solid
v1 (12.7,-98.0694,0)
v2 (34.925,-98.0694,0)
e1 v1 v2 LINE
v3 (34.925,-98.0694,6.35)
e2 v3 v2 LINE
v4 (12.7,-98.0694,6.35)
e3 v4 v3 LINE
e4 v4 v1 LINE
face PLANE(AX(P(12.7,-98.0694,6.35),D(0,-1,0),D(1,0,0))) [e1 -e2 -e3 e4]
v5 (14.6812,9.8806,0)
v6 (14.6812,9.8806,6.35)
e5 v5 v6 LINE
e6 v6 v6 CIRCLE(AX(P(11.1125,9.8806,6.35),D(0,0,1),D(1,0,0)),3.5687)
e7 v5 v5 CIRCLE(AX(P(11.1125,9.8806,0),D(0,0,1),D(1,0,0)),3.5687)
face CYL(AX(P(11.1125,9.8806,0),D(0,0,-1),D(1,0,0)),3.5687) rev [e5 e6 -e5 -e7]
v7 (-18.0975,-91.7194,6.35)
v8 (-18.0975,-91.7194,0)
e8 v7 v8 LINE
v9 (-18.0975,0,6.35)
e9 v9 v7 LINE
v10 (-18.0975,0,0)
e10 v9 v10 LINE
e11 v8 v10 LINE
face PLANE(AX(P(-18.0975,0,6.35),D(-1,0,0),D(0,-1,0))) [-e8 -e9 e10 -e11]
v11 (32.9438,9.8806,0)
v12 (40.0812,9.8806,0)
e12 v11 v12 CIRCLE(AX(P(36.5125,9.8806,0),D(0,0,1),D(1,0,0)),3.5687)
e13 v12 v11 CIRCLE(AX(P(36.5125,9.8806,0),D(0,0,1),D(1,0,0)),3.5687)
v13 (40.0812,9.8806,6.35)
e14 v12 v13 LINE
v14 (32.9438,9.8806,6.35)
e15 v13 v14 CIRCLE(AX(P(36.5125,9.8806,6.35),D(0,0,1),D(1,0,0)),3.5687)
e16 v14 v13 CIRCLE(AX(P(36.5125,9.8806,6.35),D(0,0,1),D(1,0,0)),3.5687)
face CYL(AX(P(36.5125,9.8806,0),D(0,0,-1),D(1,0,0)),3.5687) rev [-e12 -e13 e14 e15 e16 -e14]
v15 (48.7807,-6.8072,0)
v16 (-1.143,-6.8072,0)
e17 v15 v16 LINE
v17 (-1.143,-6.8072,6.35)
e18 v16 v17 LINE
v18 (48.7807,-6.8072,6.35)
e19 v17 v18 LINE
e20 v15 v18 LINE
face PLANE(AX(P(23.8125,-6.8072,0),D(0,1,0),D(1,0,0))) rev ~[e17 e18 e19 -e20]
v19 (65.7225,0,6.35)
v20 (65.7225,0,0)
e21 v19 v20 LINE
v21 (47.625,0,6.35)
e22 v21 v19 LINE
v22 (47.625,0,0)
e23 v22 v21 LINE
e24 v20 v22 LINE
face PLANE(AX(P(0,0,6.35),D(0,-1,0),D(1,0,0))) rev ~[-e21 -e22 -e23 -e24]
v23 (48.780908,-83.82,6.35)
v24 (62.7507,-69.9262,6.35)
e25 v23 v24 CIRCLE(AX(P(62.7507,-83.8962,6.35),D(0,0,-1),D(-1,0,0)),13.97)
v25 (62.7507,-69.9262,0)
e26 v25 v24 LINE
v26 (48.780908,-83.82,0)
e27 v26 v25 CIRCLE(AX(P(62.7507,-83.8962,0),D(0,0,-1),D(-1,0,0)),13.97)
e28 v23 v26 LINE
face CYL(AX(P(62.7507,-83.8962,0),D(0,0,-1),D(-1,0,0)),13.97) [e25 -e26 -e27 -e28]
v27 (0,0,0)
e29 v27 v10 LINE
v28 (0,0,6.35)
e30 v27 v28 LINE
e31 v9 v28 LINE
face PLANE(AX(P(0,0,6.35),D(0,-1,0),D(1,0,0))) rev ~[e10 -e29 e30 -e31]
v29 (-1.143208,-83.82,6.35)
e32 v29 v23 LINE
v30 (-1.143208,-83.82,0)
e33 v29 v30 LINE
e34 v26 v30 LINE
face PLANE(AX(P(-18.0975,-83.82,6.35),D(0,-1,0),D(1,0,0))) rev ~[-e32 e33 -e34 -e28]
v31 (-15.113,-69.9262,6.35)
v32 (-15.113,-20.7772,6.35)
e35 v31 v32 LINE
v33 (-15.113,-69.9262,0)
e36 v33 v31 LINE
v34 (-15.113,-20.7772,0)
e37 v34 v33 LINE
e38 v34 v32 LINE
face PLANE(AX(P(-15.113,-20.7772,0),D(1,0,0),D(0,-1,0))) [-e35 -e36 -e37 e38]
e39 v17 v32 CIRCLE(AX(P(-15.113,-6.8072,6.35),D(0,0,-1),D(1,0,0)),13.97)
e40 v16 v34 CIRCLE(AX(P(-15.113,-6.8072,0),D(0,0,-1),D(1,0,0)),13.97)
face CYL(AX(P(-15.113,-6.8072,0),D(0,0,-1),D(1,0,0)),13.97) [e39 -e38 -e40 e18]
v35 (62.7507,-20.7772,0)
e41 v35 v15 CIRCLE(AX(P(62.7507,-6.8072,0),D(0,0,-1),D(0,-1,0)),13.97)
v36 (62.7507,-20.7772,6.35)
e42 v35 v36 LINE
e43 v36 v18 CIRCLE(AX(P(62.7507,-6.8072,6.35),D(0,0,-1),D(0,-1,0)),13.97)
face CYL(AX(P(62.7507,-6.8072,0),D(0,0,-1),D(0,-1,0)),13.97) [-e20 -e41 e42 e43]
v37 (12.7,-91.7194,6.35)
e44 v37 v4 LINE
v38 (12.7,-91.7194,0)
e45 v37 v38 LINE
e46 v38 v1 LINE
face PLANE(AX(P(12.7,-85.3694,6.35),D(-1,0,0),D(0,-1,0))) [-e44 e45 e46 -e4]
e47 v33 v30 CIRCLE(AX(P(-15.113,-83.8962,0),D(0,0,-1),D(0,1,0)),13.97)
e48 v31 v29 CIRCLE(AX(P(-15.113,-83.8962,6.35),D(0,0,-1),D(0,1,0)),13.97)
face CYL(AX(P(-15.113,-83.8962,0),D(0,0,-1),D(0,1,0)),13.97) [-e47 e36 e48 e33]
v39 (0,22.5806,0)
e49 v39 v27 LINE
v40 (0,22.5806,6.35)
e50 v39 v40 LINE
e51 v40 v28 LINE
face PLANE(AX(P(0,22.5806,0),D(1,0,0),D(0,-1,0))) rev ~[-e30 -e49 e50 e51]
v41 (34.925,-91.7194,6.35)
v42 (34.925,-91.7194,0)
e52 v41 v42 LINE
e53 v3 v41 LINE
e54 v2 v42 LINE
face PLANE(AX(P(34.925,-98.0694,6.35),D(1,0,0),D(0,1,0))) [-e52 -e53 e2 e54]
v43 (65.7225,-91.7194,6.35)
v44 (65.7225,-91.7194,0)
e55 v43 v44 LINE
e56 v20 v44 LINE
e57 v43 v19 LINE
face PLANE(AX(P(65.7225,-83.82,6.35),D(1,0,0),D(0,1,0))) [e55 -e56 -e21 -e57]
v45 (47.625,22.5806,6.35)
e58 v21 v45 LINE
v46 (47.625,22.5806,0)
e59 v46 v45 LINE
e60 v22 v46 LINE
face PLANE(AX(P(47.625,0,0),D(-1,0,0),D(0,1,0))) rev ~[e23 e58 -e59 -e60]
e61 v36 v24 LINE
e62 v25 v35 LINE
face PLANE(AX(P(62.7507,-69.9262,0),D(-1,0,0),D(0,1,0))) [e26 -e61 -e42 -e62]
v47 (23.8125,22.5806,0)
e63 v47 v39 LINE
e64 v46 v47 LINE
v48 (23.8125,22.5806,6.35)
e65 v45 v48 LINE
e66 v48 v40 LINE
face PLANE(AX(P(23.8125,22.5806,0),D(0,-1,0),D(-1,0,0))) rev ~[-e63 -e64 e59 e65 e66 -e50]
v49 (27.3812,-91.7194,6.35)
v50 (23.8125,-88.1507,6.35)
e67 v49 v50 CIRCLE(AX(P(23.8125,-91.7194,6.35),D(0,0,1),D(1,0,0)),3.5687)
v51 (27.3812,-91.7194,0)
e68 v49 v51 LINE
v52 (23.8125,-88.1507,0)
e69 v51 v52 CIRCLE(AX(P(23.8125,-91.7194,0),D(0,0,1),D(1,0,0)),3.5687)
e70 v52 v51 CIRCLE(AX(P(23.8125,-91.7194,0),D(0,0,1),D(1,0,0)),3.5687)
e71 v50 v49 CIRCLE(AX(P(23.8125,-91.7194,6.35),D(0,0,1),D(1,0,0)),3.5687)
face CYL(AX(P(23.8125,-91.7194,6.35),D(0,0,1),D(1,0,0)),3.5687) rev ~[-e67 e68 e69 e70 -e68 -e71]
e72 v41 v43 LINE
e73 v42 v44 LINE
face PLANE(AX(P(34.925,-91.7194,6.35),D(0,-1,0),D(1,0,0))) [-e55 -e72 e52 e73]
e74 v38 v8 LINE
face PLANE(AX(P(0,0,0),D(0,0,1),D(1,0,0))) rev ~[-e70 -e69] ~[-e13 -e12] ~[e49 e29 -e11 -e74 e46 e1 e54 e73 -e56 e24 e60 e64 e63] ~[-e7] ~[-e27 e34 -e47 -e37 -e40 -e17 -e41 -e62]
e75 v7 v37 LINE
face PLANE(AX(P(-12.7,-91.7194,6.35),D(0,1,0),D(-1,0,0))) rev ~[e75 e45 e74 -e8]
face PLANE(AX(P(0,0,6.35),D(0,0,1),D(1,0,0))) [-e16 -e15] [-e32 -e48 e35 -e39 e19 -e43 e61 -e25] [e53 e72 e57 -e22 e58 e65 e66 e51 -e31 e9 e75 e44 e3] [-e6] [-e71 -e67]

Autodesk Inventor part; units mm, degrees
ref_plane "YZ Plane" through (0, 0, 0) normal (1, 0, 0) x (0, 1, 0)
ref_plane "XZ Plane" through (0, 0, 0) normal (0, 1, 0) x (-1, 0, 0)
ref_plane "XY Plane" through (0, 0, 0) normal (0, 0, 1) x (1, 0, 0)
sketch "Sketch1" plane through (0, 0, 0) normal (0, 0, 1) x (1, 0, 0)
  line L0 (0, 0) -> (47.625, 0)
  line L1 (47.625, 0) -> (47.625, 22.5806)
  line L2 (47.625, 22.5806) -> (0, 22.5806)
  line L3 (0, 22.5806) -> (0, 0)
  line L4 (23.8125, 22.5806) -> (23.8125, 9.8806)
  line L5 (23.8125, 9.8806) -> (36.5125, 9.8806)
  line L6 (23.8125, 9.8806) -> (11.1125, 9.8806)
  circle A0 centre (11.1125, 9.8806) radius 3.5687
  circle A1 centre (36.5125, 9.8806) radius 3.5687
  dimension "d1" = 47.625
  dimension "d3" = 12.7
  dimension "d4" = 12.7
  dimension "d5" = 12.7
  dimension "d6" = 7.1374
  dimension "d7" = 7.1374
  dimension "d10" = 22.5806
extrude "Extrusion1" add sketch "Sketch1" along normal blind 6.35
sketch "Sketch3" plane through (0, 0, 6.35) normal (0, 0, 1) x (1, 0, 0)
  line L0 (0, 0) -> (47.625, 0) projected
  line L1 (23.8125, 0) -> (65.7225, 0)
  line L2 (23.8125, 0) -> (23.8125, -41.91)
  circle A0 centre (23.8125, -41.91) radius 33.02
  line L3 (65.7225, 0) -> (-18.0975, 0)
  line L4 (-18.0975, 0) -> (-18.0975, -83.82)
  line L5 (-18.0975, -83.82) -> (65.7225, -83.82)
  line L6 (65.7225, -83.82) -> (65.7225, 0)
  circle A1 centre (11.1125, 9.8806) radius 3.5687 projected
  line L7 (23.8125, 9.8806) -> (23.8125, -91.7194)
  line L8 (23.8125, 9.8806) -> (125.4125, 9.8806) construction
  line L9 (11.1125, 9.8806) -> (23.8125, 9.8806)
  circle A2 centre (23.8125, -91.7194) radius 3.5687
  line L10 (12.7, -98.0694) -> (34.925, -98.0694)
  line L11 (34.925, -98.0694) -> (34.925, -85.3694)
  line L12 (34.925, -85.3694) -> (12.7, -85.3694)
  line L13 (12.7, -85.3694) -> (12.7, -98.0694)
  line L14 (12.7, -98.0694) -> (34.925, -85.3694) construction
  line L15 (34.925, -98.0694) -> (12.7, -85.3694) construction
  point P0 (12.7, -83.82)
  point P1 (34.925, -83.82)
  dimension "d11" = 41.91
  dimension "d12" = 41.91
  dimension "d13" = 66.04
  dimension "d14" = 83.82
  dimension "d15" = 83.82
  dimension "d19" = 90
  dimension "d20" = 7.1374
  dimension "d22" = 22.225
  dimension "d23" = 12.7
  dimension "d39" = 101.6
extrude "Extrusion2" add sketch "Sketch3" against normal blind 6.35 contours L12 L11 L10 L13 | L0 L2 A0 L7 L5 L4 L3 | L0 L1 L6 L5 L7 A0 L2
sketch "Sketch4" plane through (0, 0, 0) normal (0, 0, -1) x (-1, 0, 0)
  line L0 (-47.625, 22.5806) -> (0, 22.5806) projected
  line L1 (-23.8125, 22.5806) -> (-23.8125, 0)
  line L2 (-23.8125, 0) -> (-23.8125, -6.8072)
  line L3 (-23.8125, -6.8072) -> (1.143, -6.8072)
  line L4 (-23.8125, -6.8072) -> (-48.7807, -6.8072)
  line L5 (-48.7807, -6.8072) -> (-62.7507, -6.8072)
  line L6 (1.143, -6.8072) -> (15.113, -6.8072)
  line L7 (-62.7507, -6.8072) -> (-62.7507, -20.7772)
  arc A0 (-62.7507, -20.7772) -> (-48.7807, -6.8072) centre (-62.7507, -6.8072) ccw
  line L8 (-62.7507, -20.7772) -> (-62.7507, -45.3517)
  line L9 (-62.7507, -45.3517) -> (8.128, -45.3517)
  line L10 (15.113, -6.8072) -> (15.113, -20.7772)
  arc A1 (1.143, -6.8072) -> (15.113, -20.7772) centre (15.113, -6.8072) ccw
  line L11 (15.113, -20.7772) -> (15.113, -45.3644)
  line L12 (-23.8125, -83.8962) -> (1.143, -83.8962)
  line L13 (-23.8125, -83.8962) -> (-48.7807, -83.8962)
  arc A2 (-48.7807, -83.8962) -> (-62.7507, -69.9262) centre (-62.7507, -83.8962) ccw
  line L14 (-62.7507, -69.9262) -> (-62.7507, -45.3517)
  arc A3 (15.113, -69.9262) -> (1.143, -83.8962) centre (15.113, -83.8962) ccw
  line L15 (15.113, -69.9262) -> (15.113, -45.339)
  point P0 (0, 0)
  dimension "d26" = 6.8072
  dimension "d27" = 24.9555
  dimension "d28" = 24.9682
  dimension "d29" = 13.97
  dimension "d30" = 13.97
  dimension "d31" = 13.97
  dimension "d32" = 13.97
  dimension "d33" = 24.5745
  dimension "d34" = 13.97
  dimension "d35" = 13.97
  dimension "d36" = 24.5872
extrude "Extrusion3" cut sketch "Sketch4" against normal blind 6.35 contours L3 A1 L11 L15 A3 L12 L13 A2 L14 L8 A0 L4
sketch "Sketch5" plane through (0, 0, 6.35) normal (0, 0, 1) x (1, 0, 0)
  line L0 (12.7, -85.3694) -> (34.925, -85.3694) projected
  line L1 (23.8125, -85.3694) -> (23.8125, -91.7194)
  circle A0 centre (23.8125, -91.7194) radius 3.5687
  point P0 (0, 0)
  dimension "d40" = 6.35
  dimension "d41" = 7.1374
extrude "Extrusion4" cut sketch "Sketch5" against normal blind 7.1374
sketch "Sketch6" plane through (0, 0, 6.35) normal (0, 0, 1) x (1, 0, 0)
  line L0 (-18.0975, -83.82) -> (-1.1432, -83.82) projected
  line L1 (65.7225, -83.82) -> (48.7809, -83.82) projected
  line L2 (-1.1432, -83.82) -> (48.7809, -83.82)
  line L3 (12.7, -85.3694) -> (34.925, -85.3694) projected
  line L4 (34.925, -85.3694) -> (34.925, -83.82)
  line L5 (12.7, -85.3694) -> (12.7, -83.82)
  line L6 (34.925, -85.3694) -> (68.0228, -85.3694)
  line L7 (-18.0975, -85.3694) -> (12.7, -85.3694)
  line L8 (-18.0975, -83.82) -> (-18.0975, -85.3694)
  line L9 (12.7, -98.0694) -> (12.7, -85.3694) projected
  line L10 (12.7, -85.3694) -> (12.7, -91.7194)
  line L11 (-18.0975, -91.7194) -> (-18.0975, -85.3694)
  line L12 (34.925, -91.7194) -> (68.0228, -91.7194)
  line L13 (65.7225, -83.82) -> (65.7225, -91.7194)
  line L14 (12.7, -91.7194) -> (-12.7, -91.7194)
  line L15 (-12.7, -91.7194) -> (-18.0975, -91.7194)
  line L16 (34.925, -85.3694) -> (34.925, -98.0694) projected
  line L17 (34.925, -91.7194) -> (34.925, -85.3694)
  point P0 (0, 0)
  point P1 (65.7225, -85.3694)
  dimension "d44" = 6.35
  dimension "d45" = 25.4
extrude "Extrusion5" add sketch "Sketch6" against normal blind 6.35
properties part number "Clamp connector 2"
